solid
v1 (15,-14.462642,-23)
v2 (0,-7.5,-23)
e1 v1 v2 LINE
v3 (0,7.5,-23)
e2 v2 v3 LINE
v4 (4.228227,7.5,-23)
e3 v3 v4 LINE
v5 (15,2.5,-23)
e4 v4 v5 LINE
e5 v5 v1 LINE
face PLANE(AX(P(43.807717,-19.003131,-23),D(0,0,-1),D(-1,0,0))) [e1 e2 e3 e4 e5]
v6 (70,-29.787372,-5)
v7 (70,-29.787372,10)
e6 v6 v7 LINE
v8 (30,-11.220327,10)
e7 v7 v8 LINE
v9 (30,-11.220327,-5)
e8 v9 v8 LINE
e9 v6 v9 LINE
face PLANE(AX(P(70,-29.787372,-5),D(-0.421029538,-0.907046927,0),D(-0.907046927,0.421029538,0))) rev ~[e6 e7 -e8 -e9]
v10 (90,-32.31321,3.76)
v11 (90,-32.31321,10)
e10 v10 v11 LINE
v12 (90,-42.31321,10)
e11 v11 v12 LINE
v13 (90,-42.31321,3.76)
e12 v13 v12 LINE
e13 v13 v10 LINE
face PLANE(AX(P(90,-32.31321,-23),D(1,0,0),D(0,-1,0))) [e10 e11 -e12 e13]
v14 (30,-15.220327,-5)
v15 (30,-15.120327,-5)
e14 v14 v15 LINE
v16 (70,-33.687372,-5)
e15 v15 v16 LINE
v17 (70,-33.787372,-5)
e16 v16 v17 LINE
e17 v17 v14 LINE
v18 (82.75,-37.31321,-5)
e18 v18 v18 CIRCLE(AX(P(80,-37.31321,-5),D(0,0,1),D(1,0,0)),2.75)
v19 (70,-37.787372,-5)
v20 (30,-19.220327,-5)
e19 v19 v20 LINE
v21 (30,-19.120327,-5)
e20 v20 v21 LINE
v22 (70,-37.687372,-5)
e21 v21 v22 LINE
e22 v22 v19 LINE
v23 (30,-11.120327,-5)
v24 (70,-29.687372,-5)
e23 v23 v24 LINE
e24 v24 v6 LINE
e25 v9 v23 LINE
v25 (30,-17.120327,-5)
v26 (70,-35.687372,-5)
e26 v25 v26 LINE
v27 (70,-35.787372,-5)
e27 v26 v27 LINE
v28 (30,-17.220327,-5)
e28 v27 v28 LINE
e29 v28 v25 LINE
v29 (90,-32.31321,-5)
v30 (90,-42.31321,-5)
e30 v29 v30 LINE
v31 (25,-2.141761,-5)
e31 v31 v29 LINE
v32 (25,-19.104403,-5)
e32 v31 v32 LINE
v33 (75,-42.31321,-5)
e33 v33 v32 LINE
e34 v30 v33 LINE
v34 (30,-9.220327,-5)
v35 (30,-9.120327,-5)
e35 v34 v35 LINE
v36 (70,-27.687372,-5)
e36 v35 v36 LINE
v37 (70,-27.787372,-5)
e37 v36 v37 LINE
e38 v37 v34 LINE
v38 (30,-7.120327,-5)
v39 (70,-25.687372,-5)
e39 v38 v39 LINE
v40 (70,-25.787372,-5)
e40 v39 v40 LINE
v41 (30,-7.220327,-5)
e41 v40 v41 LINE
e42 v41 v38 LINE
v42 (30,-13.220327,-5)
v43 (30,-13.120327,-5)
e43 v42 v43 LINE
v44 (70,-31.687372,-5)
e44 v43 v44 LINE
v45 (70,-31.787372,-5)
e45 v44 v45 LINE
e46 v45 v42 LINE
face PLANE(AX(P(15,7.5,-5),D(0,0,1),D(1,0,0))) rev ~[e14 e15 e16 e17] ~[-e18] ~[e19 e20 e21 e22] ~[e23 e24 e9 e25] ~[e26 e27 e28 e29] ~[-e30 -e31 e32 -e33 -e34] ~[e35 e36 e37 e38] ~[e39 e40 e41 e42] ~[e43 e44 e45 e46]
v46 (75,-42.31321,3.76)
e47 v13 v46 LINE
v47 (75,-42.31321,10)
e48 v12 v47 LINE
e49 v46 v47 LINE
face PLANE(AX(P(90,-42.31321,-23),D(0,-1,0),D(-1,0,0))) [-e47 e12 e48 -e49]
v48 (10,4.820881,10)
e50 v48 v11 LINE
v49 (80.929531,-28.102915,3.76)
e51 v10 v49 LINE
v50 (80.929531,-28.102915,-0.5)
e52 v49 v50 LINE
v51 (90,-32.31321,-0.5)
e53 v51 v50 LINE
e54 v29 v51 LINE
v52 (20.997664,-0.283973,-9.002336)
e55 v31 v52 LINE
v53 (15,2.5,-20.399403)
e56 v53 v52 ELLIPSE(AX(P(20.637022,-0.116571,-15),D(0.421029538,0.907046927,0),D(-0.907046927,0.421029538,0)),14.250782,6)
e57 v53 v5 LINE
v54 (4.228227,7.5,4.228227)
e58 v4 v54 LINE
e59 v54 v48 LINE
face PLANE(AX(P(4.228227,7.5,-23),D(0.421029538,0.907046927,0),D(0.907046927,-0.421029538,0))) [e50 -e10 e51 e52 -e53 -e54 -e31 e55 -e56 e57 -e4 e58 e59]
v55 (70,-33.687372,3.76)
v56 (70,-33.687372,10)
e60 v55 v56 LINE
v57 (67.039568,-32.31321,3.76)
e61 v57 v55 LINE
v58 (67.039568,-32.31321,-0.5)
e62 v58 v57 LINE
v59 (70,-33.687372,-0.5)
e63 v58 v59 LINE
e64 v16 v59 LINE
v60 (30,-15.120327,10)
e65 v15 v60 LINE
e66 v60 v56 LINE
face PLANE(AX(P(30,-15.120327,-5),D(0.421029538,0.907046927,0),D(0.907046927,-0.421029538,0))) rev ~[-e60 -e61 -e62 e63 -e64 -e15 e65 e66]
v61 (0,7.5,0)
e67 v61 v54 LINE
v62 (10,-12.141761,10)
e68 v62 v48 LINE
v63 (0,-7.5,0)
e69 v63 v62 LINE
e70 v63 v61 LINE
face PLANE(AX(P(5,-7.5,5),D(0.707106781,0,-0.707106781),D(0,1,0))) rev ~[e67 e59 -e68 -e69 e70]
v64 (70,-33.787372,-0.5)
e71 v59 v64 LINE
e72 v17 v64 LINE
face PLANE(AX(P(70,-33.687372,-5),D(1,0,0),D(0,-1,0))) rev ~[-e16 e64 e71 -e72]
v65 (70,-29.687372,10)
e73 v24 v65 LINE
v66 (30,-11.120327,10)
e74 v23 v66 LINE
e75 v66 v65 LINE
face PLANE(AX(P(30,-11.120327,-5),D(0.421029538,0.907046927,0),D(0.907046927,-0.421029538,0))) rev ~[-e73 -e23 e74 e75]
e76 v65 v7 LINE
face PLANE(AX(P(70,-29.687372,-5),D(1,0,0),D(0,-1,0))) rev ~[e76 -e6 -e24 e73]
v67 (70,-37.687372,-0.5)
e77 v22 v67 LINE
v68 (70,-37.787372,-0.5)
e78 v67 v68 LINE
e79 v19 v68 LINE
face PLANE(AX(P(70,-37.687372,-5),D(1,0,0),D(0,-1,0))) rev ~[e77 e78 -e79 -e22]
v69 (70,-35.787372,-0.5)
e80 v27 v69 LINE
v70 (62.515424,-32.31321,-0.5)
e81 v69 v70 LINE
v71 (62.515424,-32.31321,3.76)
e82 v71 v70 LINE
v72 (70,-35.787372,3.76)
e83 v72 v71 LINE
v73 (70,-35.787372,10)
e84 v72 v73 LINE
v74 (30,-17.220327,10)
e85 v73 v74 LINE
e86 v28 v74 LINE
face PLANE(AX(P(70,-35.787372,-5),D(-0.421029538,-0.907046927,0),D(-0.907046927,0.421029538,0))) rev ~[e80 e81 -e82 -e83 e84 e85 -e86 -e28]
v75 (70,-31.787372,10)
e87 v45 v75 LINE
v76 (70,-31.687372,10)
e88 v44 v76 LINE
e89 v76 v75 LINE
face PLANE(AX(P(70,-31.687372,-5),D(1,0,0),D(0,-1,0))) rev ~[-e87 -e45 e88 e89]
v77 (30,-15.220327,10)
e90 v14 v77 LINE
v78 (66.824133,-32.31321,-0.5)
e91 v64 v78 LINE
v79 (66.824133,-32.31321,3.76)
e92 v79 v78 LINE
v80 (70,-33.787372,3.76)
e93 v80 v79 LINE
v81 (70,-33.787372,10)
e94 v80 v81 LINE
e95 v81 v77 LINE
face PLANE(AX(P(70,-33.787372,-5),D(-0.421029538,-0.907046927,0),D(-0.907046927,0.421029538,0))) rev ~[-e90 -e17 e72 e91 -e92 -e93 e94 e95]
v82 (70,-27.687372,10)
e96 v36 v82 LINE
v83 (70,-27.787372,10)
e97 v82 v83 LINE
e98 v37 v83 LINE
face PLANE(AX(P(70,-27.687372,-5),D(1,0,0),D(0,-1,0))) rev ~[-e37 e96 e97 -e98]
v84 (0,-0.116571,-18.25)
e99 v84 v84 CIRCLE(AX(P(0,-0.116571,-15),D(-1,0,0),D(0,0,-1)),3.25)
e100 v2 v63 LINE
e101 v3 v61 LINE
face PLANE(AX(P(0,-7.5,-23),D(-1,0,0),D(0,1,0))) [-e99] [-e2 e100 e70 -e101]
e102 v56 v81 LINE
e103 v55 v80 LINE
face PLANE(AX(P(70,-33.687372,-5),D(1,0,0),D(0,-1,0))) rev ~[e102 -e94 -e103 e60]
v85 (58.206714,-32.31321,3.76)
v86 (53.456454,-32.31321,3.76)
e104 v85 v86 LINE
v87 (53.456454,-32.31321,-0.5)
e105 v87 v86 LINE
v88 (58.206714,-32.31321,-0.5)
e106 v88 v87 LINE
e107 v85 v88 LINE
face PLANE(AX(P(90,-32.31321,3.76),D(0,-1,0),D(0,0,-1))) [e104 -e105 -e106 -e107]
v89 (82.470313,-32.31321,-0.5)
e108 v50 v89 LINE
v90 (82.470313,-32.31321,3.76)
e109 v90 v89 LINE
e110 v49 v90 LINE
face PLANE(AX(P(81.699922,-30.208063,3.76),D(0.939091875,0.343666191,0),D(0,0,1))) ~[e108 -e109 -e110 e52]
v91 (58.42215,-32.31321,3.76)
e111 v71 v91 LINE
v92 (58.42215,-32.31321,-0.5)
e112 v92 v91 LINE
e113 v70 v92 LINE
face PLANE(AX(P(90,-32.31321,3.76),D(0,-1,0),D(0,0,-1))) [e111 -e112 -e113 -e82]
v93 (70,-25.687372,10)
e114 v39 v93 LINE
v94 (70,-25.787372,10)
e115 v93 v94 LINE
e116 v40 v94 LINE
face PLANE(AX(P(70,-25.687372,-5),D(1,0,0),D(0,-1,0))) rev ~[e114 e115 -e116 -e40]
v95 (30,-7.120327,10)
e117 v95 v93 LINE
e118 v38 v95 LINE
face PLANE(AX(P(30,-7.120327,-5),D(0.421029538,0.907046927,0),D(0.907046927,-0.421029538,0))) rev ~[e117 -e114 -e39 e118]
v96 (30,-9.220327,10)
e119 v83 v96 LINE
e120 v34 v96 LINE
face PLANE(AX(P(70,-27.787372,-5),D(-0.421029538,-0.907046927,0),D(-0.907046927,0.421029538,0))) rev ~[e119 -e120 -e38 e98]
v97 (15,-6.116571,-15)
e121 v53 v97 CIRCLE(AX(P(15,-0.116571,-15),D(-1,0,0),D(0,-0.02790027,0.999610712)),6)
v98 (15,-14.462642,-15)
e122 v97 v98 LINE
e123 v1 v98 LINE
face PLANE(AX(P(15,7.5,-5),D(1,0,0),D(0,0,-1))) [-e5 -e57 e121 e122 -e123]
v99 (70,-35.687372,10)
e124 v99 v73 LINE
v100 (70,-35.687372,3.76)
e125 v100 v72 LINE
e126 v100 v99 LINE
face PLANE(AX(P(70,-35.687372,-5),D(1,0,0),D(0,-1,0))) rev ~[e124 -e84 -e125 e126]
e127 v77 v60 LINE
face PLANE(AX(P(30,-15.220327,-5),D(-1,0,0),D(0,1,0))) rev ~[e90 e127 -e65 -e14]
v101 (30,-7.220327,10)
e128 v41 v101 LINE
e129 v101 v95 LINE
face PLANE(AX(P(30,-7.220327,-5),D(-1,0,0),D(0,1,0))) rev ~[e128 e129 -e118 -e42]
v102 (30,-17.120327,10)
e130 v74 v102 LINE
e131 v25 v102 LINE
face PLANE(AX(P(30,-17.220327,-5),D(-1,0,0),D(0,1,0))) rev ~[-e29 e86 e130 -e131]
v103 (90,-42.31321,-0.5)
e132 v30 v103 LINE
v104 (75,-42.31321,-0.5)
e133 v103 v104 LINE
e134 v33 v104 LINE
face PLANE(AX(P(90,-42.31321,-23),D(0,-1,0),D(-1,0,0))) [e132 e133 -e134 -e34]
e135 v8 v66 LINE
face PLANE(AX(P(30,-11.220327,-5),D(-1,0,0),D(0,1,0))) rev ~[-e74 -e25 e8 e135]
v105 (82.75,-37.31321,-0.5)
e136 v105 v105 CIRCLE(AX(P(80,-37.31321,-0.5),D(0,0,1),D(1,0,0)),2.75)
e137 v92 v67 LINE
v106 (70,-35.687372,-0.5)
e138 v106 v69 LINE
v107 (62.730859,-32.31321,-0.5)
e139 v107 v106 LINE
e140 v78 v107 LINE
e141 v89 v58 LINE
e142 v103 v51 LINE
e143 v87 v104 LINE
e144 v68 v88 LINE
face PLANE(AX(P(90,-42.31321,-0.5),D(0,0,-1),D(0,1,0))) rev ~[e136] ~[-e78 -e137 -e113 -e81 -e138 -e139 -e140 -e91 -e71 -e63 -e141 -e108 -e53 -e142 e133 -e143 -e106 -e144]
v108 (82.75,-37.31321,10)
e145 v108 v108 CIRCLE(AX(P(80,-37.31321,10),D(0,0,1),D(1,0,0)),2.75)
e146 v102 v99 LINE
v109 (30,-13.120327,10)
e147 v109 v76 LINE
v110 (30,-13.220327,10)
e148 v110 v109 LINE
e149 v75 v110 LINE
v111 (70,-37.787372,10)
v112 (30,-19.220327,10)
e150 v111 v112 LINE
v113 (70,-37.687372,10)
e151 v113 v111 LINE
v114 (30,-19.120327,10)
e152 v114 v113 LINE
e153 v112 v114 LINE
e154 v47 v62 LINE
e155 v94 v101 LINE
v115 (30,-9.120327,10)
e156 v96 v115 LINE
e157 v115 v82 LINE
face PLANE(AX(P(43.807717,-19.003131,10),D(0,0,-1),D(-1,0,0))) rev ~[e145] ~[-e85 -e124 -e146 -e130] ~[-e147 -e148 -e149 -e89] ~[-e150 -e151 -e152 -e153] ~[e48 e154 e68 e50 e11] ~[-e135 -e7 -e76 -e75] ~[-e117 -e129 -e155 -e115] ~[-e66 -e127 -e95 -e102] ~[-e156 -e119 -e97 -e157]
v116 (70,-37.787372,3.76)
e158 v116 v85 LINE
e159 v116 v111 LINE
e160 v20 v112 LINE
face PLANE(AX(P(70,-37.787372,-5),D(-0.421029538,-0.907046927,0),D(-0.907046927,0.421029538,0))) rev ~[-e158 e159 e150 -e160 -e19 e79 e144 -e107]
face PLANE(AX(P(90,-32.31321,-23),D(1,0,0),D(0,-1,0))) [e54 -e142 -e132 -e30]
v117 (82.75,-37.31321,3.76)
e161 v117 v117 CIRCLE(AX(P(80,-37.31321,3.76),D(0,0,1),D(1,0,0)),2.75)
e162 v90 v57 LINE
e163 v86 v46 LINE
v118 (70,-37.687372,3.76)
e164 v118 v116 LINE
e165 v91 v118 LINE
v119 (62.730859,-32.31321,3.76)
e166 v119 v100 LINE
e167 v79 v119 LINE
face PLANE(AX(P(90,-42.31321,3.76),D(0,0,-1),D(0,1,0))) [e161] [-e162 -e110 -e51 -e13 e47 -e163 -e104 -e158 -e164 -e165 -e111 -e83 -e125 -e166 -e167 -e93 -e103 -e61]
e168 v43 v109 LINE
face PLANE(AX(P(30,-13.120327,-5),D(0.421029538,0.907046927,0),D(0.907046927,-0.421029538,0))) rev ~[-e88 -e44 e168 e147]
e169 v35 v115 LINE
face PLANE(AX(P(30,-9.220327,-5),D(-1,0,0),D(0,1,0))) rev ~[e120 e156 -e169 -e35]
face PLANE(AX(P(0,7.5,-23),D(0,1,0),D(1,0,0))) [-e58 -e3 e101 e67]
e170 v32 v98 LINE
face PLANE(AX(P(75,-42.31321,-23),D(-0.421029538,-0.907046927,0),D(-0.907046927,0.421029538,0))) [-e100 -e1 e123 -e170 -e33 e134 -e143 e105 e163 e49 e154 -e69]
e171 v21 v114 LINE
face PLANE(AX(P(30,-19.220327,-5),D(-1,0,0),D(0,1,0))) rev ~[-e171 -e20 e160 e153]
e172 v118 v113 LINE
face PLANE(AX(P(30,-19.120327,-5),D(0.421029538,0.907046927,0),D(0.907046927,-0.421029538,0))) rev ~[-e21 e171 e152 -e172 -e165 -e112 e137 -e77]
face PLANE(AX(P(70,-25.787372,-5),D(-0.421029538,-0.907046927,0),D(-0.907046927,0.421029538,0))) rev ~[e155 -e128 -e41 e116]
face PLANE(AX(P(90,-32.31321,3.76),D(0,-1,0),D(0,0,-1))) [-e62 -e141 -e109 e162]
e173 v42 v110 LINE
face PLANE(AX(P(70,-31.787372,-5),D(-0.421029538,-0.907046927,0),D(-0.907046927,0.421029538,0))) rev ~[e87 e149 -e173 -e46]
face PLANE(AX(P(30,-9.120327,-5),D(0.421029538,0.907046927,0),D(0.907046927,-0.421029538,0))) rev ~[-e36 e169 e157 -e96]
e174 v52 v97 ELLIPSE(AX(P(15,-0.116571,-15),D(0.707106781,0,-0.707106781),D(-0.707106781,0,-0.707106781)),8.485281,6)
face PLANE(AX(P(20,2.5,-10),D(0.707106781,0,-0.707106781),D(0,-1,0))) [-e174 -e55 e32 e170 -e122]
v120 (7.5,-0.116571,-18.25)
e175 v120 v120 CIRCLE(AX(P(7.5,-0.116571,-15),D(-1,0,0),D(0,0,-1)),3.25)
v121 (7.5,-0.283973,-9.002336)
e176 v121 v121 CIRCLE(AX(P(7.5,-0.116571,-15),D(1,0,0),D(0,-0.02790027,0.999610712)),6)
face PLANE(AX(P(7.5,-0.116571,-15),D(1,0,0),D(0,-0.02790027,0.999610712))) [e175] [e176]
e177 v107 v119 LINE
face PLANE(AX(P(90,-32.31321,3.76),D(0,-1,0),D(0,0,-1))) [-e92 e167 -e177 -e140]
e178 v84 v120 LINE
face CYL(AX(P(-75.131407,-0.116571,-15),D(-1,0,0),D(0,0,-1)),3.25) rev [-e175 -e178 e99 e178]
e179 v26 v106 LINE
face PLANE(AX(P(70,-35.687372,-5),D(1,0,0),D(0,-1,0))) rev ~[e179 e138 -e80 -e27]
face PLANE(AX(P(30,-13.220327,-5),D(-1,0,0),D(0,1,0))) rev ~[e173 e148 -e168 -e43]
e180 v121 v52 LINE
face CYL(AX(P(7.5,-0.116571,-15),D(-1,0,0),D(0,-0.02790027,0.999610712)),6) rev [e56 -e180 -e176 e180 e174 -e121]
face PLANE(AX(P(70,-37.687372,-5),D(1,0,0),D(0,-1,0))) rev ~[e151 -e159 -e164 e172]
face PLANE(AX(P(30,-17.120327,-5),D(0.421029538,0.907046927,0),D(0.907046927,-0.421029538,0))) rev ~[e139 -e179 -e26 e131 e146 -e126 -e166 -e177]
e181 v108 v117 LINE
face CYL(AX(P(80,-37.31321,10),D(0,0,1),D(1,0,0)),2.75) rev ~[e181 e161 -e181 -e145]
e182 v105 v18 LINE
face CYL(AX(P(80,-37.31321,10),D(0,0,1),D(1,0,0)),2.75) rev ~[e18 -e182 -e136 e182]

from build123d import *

# Parameters (mm, degrees)
BOSS_EXTRUDE1_DEPTH      = 10
BOSS_EXTRUDE1_DEPTH_BACK = 23
SKETCH2_W                = 75
SKETCH2_H                = 18
CUT_EXTRUDE1_DEPTH       = 106.405673062
SKETCH3_W                = 4.26
SKETCH3_H                = 10
CUT_EXTRUDE2_DEPTH       = 103.075500294
CHAMFER1_SIZE            = 10
SKETCH4_R                = 2.75
CUT_EXTRUDE3_DEPTH       = 105.782669179
CUT_EXTRUDE4_DEPTH       = 90.13140726
CUT_EXTRUDE4_DEPTH_BACK  = 90.13140726
SKETCH5_R                = 3.25
SKETCH6_R                = 6
CUT_EXTRUDE5_DEPTH       = 96.528308685
CHAMFER2_SIZE            = 10
CHAMFER2_SIZE2           = 7.529686928
CUT_EXTRUDE6_DEPTH       = 102.066353255


with BuildPart() as part:
    # Sketch1 → Boss-Extrude1 (new, two sides: drawn at the far end of the back side and taken through both)
    with BuildSketch(Plane.XY.offset(-BOSS_EXTRUDE1_DEPTH_BACK)):
        Polygon((0, -7.5), (0, 7.5), (4.228226943, 7.5), (90, -32.313210233), (90, -42.313210233), (75, -42.313210233), align=None)
    extrude(amount=BOSS_EXTRUDE1_DEPTH + BOSS_EXTRUDE1_DEPTH_BACK)

    # Sketch2 → Cut-Extrude1 (cut, through all)
    with BuildSketch(Plane(origin=(0, 7.5, 0), x_dir=(1, 0, 0), z_dir=(0, 1, 0))):
        with Locations((52.5, 14)):
            Rectangle(SKETCH2_W, SKETCH2_H)
    extrude(amount=-CUT_EXTRUDE1_DEPTH, mode=Mode.SUBTRACT)

    # Sketch3 → Cut-Extrude2 (cut, through all)
    with BuildSketch(Plane(origin=(90, 0, 0), x_dir=(0, 0, -1), z_dir=(1, 0, 0))):
        with Locations((-1.63, -37.313210233)):
            Rectangle(SKETCH3_W, SKETCH3_H)
    extrude(amount=-CUT_EXTRUDE2_DEPTH, mode=Mode.SUBTRACT)

    # Chamfer1
    chamfer1_edges = [part.edges().sort_by_distance(p)[0] for p in [
        (15, -5.981321023, -5),
        (0, 0, 10),
    ]]
    chamfer(chamfer1_edges, length=CHAMFER1_SIZE)

    # Sketch4 → Cut-Extrude3 (cut, through all)
    with BuildSketch(Plane.XY.offset(10)):
        with Locations((80, -37.313210233)):
            Circle(SKETCH4_R)
    extrude(amount=-CUT_EXTRUDE3_DEPTH, mode=Mode.SUBTRACT)

    # Sketch5 → Cut-Extrude4 (cut, two sides: drawn at the far end of the back side and taken through both)
    with BuildSketch(Plane(origin=(15, 0, 0), x_dir=(0, 0, -1), z_dir=(1, 0, 0)).offset(-CUT_EXTRUDE4_DEPTH_BACK)):
        with Locations((15, -0.11657101)):
            Circle(SKETCH5_R)
    extrude(amount=CUT_EXTRUDE4_DEPTH + CUT_EXTRUDE4_DEPTH_BACK, mode=Mode.SUBTRACT)

    # Sketch6 → Cut-Extrude5 (cut, through all)
    with BuildSketch(Plane(origin=(7.5, 0, 0), x_dir=(0, 0, -1), z_dir=(1, 0, 0))):
        with Locations(Location((15, -0.11657101, 0), (0, 0, 181.598775169))):
            Circle(SKETCH6_R)
    extrude(amount=CUT_EXTRUDE5_DEPTH, mode=Mode.SUBTRACT)

    # Chamfer2
    chamfer2_edges = [part.edges().sort_by_distance(p)[0] for p in [
        (90, -32.313210233, 1.63),
    ]]
    chamfer2_side = [part.faces().sort_by_distance(p)[0] for p in [
        (43.268675536, -10.621644592, 0.683427775),
    ]]
    chamfer(chamfer2_edges, length=CHAMFER2_SIZE, length2=CHAMFER2_SIZE2, reference=chamfer2_side[0])

    # Sketch7 → Cut-Extrude6 (cut, through all)
    with BuildSketch(Plane(origin=(0, 0, -5), x_dir=(-1, 0, 0), z_dir=(0, 0, -1))):
        Polygon((-30, -19.12032651), (-70, -37.687371968), (-70, -37.787371968), (-30, -19.22032651), align=None)
        Polygon((-30, -17.12032651), (-70, -35.687371968), (-70, -35.787371968), (-30, -17.22032651), align=None)
        Polygon((-30, -15.12032651), (-70, -33.687371968), (-70, -33.787371968), (-30, -15.22032651), align=None)
        Polygon((-30, -13.12032651), (-70, -31.687371968), (-70, -31.787371968), (-30, -13.22032651), align=None)
        Polygon((-30, -11.12032651), (-70, -29.687371968), (-70, -29.787371968), (-30, -11.22032651), align=None)
        Polygon((-30, -9.12032651), (-70, -27.687371968), (-70, -27.787371968), (-30, -9.22032651), align=None)
        Polygon((-30, -7.12032651), (-70, -25.687371968), (-70, -25.787371968), (-30, -7.22032651), align=None)
    extrude(amount=-CUT_EXTRUDE6_DEPTH, mode=Mode.SUBTRACT)


solid = part.part
